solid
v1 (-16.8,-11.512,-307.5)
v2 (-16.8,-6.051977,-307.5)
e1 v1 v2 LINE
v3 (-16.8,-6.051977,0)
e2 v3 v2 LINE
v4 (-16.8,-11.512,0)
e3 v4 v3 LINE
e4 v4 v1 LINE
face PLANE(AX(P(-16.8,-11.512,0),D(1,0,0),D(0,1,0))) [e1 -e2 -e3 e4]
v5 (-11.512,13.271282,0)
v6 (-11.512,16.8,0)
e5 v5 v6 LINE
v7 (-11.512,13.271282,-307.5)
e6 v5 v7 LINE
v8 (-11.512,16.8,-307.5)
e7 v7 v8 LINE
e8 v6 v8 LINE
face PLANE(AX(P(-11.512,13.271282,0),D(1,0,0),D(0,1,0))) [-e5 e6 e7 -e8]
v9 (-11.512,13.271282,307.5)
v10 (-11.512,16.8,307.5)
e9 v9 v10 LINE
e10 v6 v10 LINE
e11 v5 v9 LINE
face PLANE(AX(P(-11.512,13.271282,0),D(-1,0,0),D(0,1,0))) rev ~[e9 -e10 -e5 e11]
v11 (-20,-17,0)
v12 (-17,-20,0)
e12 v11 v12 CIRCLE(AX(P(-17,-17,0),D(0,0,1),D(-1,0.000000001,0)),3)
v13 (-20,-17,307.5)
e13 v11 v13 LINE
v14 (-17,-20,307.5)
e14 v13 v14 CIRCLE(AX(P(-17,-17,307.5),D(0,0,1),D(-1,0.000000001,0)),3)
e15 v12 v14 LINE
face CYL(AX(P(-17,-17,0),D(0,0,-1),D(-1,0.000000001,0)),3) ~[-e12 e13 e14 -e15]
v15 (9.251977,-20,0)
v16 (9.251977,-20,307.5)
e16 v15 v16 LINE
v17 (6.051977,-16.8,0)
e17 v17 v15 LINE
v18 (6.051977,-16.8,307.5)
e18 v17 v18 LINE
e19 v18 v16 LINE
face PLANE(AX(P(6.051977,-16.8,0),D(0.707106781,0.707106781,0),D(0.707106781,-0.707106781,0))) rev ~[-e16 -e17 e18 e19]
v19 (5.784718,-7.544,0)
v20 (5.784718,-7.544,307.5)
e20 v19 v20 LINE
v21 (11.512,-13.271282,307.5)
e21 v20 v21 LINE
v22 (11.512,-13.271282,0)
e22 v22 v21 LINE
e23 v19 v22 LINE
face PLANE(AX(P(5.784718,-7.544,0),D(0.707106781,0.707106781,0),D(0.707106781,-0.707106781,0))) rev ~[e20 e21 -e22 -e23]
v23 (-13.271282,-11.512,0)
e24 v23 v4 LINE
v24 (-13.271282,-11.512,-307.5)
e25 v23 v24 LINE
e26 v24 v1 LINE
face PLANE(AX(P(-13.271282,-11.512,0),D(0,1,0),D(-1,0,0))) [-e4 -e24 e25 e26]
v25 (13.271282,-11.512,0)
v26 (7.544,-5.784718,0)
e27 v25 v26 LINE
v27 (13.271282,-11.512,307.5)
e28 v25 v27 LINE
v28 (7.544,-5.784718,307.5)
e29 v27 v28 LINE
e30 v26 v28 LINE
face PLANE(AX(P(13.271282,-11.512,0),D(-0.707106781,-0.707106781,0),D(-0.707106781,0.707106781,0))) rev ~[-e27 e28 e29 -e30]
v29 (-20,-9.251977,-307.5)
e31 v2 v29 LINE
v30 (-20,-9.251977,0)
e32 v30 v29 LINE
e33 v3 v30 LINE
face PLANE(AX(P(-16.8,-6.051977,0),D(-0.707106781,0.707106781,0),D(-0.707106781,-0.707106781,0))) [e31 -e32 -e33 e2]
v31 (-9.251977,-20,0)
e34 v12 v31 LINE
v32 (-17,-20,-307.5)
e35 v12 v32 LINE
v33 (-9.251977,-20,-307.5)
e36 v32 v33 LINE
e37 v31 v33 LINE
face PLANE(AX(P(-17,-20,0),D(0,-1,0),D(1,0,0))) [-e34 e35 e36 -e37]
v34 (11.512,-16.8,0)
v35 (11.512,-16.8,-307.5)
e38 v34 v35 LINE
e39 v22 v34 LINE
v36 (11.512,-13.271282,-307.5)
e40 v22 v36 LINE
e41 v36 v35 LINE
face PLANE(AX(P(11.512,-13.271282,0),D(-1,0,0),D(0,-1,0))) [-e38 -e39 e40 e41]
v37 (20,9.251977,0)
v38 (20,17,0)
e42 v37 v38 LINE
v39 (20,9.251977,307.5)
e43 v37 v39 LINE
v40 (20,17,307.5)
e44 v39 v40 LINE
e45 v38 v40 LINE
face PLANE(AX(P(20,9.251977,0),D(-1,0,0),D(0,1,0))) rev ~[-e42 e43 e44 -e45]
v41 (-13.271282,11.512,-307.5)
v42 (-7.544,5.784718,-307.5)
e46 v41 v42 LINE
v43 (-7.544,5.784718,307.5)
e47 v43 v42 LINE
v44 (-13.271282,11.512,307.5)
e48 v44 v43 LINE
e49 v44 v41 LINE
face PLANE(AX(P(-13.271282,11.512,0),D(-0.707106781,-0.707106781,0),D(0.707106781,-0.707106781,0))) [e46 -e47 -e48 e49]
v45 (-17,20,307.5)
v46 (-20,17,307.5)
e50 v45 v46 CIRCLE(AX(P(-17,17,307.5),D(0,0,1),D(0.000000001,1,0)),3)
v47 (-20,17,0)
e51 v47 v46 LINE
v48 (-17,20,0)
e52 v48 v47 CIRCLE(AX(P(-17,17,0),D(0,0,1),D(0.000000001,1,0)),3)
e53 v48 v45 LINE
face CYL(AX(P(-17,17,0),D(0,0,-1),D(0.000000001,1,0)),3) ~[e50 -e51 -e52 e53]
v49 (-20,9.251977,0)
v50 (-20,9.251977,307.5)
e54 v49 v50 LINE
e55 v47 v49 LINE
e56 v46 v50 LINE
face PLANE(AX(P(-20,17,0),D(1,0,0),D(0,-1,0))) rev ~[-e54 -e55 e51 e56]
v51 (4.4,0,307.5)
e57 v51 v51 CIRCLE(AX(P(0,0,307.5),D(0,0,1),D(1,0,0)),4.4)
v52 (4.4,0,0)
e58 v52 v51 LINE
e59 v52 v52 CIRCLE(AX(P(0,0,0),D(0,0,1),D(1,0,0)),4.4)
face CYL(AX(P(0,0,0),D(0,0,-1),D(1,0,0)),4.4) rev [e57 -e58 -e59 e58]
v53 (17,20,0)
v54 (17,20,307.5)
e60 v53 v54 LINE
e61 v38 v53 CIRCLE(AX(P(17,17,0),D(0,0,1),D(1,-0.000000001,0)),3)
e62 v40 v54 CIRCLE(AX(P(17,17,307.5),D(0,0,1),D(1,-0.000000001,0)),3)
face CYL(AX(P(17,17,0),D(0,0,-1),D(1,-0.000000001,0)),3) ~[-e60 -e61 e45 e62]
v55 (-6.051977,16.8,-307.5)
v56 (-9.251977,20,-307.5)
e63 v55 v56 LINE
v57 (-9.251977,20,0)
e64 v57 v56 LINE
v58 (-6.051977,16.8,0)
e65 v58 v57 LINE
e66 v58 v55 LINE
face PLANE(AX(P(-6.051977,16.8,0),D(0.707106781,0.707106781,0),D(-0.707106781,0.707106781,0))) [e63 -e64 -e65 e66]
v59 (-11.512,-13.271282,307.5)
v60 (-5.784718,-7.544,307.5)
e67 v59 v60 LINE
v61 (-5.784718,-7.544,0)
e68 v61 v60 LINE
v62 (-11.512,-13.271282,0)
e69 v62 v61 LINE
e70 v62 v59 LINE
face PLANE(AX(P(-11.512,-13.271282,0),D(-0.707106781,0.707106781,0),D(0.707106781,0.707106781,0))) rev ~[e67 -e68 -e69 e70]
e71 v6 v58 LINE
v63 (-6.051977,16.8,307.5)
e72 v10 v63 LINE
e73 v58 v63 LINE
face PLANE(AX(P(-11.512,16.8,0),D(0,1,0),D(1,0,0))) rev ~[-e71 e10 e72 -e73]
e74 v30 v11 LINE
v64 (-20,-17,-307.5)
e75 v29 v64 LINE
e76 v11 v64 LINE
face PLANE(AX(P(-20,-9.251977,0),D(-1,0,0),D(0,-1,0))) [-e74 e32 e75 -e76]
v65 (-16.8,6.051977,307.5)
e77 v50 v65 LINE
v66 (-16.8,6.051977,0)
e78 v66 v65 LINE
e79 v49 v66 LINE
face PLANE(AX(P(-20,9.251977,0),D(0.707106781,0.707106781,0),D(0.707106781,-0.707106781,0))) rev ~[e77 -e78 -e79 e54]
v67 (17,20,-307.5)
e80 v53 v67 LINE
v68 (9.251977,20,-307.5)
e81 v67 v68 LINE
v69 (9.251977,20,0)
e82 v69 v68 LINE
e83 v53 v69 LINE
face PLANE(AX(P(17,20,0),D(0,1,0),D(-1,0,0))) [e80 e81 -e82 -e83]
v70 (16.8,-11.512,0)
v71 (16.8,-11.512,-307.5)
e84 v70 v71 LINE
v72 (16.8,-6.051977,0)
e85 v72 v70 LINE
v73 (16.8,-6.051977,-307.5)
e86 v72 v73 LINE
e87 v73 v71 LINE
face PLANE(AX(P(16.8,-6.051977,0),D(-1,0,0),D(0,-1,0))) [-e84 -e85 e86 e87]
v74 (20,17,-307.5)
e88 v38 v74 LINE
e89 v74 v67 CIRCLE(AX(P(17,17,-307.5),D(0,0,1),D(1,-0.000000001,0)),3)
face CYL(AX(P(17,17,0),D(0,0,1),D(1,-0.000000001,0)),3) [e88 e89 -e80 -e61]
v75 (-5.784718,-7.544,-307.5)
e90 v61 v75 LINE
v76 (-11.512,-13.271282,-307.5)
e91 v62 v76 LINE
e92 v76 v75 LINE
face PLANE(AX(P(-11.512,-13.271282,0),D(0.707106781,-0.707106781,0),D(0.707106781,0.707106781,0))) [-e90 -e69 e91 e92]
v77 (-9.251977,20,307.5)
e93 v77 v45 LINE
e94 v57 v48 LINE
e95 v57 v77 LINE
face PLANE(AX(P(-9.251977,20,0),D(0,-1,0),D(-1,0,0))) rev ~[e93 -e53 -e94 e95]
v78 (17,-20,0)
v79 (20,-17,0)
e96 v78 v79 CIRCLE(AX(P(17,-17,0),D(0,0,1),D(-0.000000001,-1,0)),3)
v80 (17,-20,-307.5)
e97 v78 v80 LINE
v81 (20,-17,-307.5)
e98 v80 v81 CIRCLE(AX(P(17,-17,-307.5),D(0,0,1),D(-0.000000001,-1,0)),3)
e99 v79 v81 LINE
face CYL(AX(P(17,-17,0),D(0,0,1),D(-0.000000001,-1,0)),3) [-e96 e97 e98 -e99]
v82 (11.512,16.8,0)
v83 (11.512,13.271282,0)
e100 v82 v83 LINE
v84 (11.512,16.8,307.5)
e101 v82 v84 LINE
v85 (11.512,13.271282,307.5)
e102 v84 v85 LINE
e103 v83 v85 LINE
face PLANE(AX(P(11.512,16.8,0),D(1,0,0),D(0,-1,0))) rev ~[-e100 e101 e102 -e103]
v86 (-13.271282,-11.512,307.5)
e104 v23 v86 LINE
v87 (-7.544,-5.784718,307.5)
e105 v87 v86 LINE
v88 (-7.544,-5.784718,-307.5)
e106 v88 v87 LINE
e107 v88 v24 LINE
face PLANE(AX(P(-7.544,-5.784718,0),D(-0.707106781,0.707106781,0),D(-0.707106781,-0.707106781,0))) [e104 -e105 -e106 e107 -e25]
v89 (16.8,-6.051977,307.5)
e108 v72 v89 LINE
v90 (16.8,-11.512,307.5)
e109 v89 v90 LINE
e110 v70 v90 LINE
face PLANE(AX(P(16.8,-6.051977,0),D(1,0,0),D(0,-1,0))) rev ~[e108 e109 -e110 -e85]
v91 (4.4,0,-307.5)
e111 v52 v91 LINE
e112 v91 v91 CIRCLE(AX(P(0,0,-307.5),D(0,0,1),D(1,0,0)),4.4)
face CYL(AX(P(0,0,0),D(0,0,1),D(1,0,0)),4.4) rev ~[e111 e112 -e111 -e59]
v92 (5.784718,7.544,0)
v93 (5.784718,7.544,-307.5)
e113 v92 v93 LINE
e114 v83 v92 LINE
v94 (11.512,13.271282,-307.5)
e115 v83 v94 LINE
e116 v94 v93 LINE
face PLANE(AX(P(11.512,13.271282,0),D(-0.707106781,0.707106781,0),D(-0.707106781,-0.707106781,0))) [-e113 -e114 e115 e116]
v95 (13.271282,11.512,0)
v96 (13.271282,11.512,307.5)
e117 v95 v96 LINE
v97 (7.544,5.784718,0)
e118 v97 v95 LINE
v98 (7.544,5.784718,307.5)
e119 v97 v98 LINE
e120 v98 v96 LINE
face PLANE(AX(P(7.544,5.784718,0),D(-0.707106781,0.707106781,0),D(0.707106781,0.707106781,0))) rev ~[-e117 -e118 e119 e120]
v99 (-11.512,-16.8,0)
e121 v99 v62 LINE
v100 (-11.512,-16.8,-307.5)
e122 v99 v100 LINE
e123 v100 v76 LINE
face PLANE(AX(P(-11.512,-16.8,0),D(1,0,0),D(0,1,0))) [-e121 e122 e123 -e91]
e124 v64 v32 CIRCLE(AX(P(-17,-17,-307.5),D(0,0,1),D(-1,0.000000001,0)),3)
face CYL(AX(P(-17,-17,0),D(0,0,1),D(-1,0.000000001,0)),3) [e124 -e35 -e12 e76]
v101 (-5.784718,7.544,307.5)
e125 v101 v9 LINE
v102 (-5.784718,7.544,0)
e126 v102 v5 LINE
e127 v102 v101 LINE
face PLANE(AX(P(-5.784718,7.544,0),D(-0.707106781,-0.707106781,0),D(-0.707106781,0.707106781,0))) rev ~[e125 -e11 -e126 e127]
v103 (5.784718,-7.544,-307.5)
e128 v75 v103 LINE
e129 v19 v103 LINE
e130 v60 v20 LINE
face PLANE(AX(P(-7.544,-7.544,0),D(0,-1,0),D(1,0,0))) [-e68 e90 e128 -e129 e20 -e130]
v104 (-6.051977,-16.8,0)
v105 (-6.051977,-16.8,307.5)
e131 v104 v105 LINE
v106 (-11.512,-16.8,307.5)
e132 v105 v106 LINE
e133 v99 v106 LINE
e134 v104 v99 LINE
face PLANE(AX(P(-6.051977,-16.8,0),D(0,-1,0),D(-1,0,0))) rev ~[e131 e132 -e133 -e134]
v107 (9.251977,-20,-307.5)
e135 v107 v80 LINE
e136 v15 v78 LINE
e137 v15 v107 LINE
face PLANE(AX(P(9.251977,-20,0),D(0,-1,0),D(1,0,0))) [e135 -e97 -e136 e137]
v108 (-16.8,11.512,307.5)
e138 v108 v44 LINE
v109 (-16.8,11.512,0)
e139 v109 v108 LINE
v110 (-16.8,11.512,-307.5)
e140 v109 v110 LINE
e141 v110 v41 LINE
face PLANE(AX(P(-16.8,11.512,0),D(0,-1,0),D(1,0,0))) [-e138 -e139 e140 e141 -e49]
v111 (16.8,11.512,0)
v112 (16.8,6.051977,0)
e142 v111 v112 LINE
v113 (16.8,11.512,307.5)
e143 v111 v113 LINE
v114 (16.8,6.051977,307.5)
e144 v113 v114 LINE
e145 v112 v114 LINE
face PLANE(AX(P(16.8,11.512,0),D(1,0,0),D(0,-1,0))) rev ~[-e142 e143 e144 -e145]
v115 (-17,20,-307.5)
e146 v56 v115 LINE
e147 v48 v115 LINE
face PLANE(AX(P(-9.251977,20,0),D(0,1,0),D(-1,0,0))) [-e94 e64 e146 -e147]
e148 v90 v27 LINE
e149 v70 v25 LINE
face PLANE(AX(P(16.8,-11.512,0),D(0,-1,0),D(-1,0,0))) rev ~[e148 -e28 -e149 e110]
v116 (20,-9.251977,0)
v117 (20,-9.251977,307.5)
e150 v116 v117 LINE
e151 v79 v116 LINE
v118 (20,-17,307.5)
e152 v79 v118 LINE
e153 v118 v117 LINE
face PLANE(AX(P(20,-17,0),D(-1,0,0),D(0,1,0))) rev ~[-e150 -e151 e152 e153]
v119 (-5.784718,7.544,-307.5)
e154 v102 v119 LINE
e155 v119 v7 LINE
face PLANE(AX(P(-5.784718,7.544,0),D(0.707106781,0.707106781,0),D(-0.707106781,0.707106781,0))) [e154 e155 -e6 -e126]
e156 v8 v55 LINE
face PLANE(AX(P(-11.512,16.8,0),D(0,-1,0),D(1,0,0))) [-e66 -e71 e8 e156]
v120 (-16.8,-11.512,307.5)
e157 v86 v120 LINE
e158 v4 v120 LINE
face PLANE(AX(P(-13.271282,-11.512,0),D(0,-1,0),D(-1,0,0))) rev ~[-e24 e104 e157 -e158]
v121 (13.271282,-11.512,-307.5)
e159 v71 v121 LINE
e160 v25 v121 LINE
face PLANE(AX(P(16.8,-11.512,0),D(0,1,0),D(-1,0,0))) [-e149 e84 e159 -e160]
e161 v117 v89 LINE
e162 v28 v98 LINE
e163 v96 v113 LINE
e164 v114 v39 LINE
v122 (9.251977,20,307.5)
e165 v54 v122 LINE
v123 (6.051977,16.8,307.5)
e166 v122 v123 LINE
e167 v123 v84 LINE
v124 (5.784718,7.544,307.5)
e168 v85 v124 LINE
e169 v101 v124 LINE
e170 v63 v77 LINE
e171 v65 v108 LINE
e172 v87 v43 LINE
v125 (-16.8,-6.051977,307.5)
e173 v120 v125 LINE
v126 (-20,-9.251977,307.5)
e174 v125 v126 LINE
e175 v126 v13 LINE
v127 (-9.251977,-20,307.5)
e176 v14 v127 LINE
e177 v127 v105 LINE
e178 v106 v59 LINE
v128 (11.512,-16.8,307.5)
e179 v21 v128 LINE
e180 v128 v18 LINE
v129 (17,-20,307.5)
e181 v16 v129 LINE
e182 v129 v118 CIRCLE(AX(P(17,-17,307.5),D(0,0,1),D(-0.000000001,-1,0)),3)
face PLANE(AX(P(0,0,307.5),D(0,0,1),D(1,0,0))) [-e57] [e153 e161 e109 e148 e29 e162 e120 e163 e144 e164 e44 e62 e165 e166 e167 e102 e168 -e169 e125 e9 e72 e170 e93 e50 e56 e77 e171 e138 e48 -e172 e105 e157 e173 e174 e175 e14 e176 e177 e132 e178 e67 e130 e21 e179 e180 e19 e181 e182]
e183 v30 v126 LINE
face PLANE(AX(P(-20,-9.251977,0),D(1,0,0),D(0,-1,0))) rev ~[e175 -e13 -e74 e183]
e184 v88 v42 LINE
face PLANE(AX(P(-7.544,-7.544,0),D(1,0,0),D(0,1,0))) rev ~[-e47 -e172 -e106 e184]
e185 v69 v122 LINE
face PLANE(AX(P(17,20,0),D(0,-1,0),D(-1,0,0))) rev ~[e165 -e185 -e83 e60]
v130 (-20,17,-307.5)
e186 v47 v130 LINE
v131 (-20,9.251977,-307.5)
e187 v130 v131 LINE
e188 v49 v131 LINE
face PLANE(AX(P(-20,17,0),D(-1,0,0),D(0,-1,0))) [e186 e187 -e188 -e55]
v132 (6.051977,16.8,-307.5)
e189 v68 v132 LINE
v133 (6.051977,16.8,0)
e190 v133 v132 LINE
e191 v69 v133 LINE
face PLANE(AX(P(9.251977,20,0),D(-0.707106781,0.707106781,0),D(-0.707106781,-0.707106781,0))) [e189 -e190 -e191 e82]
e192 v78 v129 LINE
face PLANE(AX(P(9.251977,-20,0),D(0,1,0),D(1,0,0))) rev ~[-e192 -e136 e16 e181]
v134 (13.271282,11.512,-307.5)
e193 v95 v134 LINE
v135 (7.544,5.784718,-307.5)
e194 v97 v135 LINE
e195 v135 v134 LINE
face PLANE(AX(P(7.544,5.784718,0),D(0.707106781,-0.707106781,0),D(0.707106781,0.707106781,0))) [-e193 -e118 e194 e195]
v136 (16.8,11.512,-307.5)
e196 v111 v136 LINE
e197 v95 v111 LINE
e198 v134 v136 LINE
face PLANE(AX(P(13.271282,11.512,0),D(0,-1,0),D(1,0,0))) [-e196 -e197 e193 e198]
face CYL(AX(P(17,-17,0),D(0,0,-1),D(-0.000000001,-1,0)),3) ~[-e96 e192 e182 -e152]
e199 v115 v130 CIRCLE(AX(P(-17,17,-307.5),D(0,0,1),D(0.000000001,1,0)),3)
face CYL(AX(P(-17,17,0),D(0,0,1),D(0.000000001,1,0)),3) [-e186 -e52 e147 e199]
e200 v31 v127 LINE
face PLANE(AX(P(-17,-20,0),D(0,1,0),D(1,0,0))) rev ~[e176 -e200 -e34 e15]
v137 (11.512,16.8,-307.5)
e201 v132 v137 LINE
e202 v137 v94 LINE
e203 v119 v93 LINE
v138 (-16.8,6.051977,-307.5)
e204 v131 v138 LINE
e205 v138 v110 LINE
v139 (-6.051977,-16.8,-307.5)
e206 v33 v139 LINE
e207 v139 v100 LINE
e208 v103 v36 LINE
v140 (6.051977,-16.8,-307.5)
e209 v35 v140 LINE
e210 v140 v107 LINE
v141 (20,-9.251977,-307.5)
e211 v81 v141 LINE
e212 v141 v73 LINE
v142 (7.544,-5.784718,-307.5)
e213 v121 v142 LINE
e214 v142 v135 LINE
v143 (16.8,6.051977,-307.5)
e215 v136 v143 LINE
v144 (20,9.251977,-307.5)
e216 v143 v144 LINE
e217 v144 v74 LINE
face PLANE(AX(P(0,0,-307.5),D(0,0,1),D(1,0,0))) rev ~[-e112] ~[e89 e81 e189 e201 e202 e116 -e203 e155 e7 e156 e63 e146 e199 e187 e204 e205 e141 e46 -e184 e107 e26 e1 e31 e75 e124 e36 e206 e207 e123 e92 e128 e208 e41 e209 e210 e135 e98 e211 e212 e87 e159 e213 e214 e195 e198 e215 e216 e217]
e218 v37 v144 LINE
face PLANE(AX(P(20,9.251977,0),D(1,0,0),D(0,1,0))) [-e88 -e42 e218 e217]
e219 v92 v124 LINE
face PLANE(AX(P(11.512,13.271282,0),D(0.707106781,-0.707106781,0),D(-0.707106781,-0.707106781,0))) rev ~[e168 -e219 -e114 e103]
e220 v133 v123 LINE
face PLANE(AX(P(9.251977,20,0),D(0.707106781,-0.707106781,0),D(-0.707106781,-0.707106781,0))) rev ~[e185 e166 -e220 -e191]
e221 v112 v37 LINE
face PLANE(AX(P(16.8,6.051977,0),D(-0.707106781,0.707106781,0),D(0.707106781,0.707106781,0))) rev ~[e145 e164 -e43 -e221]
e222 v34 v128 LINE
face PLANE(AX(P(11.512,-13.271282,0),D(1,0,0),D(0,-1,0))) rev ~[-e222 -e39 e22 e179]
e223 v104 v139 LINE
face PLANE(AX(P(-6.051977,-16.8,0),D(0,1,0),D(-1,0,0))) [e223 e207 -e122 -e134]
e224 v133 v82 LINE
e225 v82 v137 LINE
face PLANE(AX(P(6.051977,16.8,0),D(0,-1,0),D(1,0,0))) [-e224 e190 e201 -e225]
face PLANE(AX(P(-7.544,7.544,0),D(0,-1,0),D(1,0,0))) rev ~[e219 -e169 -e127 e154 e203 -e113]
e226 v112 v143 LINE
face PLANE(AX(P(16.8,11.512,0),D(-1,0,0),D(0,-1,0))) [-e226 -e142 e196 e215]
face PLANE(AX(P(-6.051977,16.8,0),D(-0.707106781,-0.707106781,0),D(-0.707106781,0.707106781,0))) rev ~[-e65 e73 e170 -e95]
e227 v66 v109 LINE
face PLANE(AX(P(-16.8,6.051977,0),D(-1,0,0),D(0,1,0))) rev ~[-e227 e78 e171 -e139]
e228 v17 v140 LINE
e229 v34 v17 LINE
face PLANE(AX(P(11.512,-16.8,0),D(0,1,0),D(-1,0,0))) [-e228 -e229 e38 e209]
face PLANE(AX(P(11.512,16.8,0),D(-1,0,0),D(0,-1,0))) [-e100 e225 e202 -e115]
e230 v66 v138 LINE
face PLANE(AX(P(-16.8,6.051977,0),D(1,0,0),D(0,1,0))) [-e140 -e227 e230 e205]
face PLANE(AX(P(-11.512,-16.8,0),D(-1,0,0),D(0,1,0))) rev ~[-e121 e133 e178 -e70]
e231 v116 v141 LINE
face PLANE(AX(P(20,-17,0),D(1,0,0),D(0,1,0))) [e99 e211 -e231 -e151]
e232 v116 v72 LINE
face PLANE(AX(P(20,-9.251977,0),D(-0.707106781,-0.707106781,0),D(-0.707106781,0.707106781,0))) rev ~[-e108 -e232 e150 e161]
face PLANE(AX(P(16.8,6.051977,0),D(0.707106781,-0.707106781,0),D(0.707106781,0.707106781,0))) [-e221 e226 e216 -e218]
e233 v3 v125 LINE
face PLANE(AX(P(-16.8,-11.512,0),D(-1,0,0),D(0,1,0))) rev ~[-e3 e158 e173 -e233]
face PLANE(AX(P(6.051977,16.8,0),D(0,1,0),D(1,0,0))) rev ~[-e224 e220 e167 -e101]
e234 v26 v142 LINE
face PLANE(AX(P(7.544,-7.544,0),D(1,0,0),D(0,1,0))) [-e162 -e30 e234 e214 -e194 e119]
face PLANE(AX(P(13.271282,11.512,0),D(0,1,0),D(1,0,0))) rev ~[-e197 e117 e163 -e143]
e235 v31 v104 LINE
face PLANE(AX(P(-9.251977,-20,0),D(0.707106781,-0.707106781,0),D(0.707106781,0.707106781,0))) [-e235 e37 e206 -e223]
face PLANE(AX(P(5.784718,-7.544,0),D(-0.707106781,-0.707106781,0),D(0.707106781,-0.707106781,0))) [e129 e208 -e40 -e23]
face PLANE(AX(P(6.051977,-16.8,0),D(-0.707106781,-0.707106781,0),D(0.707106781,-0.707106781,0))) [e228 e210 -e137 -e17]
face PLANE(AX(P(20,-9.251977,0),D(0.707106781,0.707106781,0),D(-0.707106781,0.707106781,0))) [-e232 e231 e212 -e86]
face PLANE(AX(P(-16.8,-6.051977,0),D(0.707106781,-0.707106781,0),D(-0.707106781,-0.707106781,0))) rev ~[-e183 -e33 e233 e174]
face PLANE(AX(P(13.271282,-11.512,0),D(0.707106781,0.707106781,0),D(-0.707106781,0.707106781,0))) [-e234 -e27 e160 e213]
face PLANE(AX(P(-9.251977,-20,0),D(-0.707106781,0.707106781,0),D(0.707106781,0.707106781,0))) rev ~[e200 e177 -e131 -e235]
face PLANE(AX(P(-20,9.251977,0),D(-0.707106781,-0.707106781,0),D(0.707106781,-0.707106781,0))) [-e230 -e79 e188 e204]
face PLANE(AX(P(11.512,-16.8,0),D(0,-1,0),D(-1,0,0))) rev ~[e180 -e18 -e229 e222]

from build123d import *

# Parameters (mm, degrees)
SKETCH1_W           = 15.088
SKETCH1_H           = 15.088
SKETCH1_R           = 4.4
BOSS_EXTRUDE1_DEPTH = 307.5


with BuildPart() as part:
    # Sketch1 → Boss-Extrude1 (new, symmetric)
    # profile 1 of 5: a face of its own
    with BuildSketch(Plane.XY):
        with BuildLine():
            Line((-7.544, 7.544), (-5.784718328, 7.544))
            Line((-5.784718328, 7.544), (-11.512, 13.271281672))
            Line((-11.512, 13.271281672), (-11.512, 16.8))
            Line((-11.512, 16.8), (-6.051976926, 16.8))
            Line((-6.051976926, 16.8), (-9.251976926, 20))
            Line((-9.251976926, 20), (-17, 20))
            ThreePointArc((-17, 20), (-19.121320344, 19.121320344), (-20, 17))
            Line((-20, 17), (-20, 9.251976926))
            Line((-20, 9.251976926), (-16.8, 6.051976926))
            Line((-16.8, 6.051976926), (-16.8, 11.512))
            Line((-16.8, 11.512), (-13.271281672, 11.512))
            Line((-13.271281672, 11.512), (-7.544, 5.784718328))
            Line((-7.544, 5.784718328), (-7.544, 7.544))
        make_face()
    # profile 2 of 5: a face of its own
    with BuildSketch(Plane.XY):
        with BuildLine():
            Line((11.512, 13.271281672), (5.784718328, 7.544))
            Line((5.784718328, 7.544), (7.544, 7.544))
            Line((7.544, 7.544), (7.544, 5.784718328))
            Line((7.544, 5.784718328), (13.271281672, 11.512))
            Line((13.271281672, 11.512), (16.8, 11.512))
            Line((16.8, 11.512), (16.8, 6.051976926))
            Line((16.8, 6.051976926), (20, 9.251976926))
            Line((20, 9.251976926), (20, 17))
            ThreePointArc((20, 17), (19.121320344, 19.121320344), (17, 20))
            Line((17, 20), (9.251976926, 20))
            Line((9.251976926, 20), (6.051976926, 16.8))
            Line((6.051976926, 16.8), (11.512, 16.8))
            Line((11.512, 16.8), (11.512, 13.271281672))
        make_face()
    # profile 3 of 5: a face of its own
    with BuildSketch(Plane.XY):
        with BuildLine():
            Line((-7.544, -7.544), (-7.544, -5.784718328))
            Line((-7.544, -5.784718328), (-13.271281672, -11.512))
            Line((-13.271281672, -11.512), (-16.8, -11.512))
            Line((-16.8, -11.512), (-16.8, -6.051976926))
            Line((-16.8, -6.051976926), (-20, -9.251976926))
            Line((-20, -9.251976926), (-20, -17))
            ThreePointArc((-20, -17), (-19.121320344, -19.121320344), (-17, -20))
            Line((-17, -20), (-9.251976926, -20))
            Line((-9.251976926, -20), (-6.051976926, -16.8))
            Line((-6.051976926, -16.8), (-11.512, -16.8))
            Line((-11.512, -16.8), (-11.512, -13.271281672))
            Line((-11.512, -13.271281672), (-5.784718328, -7.544))
            Line((-5.784718328, -7.544), (-7.544, -7.544))
        make_face()
    # profile 4 of 5: a face of its own
    with BuildSketch(Plane.XY):
        with BuildLine():
            Line((13.271281672, -11.512), (7.544, -5.784718328))
            Line((7.544, -5.784718328), (7.544, -7.544))
            Line((7.544, -7.544), (5.784718328, -7.544))
            Line((5.784718328, -7.544), (11.512, -13.271281672))
            Line((11.512, -13.271281672), (11.512, -16.8))
            Line((11.512, -16.8), (6.051976926, -16.8))
            Line((6.051976926, -16.8), (9.251976926, -20))
            Line((9.251976926, -20), (17, -20))
            ThreePointArc((17, -20), (19.121320344, -19.121320344), (20, -17))
            Line((20, -17), (20, -9.251976926))
            Line((20, -9.251976926), (16.8, -6.051976926))
            Line((16.8, -6.051976926), (16.8, -11.512))
            Line((16.8, -11.512), (13.271281672, -11.512))
        make_face()
    # profile 5 of 5: a face of its own
    with BuildSketch(Plane.XY):
        Rectangle(SKETCH1_W, SKETCH1_H)
        Circle(SKETCH1_R, mode=Mode.SUBTRACT)
    extrude(amount=BOSS_EXTRUDE1_DEPTH, both=True)


solid = part.part
